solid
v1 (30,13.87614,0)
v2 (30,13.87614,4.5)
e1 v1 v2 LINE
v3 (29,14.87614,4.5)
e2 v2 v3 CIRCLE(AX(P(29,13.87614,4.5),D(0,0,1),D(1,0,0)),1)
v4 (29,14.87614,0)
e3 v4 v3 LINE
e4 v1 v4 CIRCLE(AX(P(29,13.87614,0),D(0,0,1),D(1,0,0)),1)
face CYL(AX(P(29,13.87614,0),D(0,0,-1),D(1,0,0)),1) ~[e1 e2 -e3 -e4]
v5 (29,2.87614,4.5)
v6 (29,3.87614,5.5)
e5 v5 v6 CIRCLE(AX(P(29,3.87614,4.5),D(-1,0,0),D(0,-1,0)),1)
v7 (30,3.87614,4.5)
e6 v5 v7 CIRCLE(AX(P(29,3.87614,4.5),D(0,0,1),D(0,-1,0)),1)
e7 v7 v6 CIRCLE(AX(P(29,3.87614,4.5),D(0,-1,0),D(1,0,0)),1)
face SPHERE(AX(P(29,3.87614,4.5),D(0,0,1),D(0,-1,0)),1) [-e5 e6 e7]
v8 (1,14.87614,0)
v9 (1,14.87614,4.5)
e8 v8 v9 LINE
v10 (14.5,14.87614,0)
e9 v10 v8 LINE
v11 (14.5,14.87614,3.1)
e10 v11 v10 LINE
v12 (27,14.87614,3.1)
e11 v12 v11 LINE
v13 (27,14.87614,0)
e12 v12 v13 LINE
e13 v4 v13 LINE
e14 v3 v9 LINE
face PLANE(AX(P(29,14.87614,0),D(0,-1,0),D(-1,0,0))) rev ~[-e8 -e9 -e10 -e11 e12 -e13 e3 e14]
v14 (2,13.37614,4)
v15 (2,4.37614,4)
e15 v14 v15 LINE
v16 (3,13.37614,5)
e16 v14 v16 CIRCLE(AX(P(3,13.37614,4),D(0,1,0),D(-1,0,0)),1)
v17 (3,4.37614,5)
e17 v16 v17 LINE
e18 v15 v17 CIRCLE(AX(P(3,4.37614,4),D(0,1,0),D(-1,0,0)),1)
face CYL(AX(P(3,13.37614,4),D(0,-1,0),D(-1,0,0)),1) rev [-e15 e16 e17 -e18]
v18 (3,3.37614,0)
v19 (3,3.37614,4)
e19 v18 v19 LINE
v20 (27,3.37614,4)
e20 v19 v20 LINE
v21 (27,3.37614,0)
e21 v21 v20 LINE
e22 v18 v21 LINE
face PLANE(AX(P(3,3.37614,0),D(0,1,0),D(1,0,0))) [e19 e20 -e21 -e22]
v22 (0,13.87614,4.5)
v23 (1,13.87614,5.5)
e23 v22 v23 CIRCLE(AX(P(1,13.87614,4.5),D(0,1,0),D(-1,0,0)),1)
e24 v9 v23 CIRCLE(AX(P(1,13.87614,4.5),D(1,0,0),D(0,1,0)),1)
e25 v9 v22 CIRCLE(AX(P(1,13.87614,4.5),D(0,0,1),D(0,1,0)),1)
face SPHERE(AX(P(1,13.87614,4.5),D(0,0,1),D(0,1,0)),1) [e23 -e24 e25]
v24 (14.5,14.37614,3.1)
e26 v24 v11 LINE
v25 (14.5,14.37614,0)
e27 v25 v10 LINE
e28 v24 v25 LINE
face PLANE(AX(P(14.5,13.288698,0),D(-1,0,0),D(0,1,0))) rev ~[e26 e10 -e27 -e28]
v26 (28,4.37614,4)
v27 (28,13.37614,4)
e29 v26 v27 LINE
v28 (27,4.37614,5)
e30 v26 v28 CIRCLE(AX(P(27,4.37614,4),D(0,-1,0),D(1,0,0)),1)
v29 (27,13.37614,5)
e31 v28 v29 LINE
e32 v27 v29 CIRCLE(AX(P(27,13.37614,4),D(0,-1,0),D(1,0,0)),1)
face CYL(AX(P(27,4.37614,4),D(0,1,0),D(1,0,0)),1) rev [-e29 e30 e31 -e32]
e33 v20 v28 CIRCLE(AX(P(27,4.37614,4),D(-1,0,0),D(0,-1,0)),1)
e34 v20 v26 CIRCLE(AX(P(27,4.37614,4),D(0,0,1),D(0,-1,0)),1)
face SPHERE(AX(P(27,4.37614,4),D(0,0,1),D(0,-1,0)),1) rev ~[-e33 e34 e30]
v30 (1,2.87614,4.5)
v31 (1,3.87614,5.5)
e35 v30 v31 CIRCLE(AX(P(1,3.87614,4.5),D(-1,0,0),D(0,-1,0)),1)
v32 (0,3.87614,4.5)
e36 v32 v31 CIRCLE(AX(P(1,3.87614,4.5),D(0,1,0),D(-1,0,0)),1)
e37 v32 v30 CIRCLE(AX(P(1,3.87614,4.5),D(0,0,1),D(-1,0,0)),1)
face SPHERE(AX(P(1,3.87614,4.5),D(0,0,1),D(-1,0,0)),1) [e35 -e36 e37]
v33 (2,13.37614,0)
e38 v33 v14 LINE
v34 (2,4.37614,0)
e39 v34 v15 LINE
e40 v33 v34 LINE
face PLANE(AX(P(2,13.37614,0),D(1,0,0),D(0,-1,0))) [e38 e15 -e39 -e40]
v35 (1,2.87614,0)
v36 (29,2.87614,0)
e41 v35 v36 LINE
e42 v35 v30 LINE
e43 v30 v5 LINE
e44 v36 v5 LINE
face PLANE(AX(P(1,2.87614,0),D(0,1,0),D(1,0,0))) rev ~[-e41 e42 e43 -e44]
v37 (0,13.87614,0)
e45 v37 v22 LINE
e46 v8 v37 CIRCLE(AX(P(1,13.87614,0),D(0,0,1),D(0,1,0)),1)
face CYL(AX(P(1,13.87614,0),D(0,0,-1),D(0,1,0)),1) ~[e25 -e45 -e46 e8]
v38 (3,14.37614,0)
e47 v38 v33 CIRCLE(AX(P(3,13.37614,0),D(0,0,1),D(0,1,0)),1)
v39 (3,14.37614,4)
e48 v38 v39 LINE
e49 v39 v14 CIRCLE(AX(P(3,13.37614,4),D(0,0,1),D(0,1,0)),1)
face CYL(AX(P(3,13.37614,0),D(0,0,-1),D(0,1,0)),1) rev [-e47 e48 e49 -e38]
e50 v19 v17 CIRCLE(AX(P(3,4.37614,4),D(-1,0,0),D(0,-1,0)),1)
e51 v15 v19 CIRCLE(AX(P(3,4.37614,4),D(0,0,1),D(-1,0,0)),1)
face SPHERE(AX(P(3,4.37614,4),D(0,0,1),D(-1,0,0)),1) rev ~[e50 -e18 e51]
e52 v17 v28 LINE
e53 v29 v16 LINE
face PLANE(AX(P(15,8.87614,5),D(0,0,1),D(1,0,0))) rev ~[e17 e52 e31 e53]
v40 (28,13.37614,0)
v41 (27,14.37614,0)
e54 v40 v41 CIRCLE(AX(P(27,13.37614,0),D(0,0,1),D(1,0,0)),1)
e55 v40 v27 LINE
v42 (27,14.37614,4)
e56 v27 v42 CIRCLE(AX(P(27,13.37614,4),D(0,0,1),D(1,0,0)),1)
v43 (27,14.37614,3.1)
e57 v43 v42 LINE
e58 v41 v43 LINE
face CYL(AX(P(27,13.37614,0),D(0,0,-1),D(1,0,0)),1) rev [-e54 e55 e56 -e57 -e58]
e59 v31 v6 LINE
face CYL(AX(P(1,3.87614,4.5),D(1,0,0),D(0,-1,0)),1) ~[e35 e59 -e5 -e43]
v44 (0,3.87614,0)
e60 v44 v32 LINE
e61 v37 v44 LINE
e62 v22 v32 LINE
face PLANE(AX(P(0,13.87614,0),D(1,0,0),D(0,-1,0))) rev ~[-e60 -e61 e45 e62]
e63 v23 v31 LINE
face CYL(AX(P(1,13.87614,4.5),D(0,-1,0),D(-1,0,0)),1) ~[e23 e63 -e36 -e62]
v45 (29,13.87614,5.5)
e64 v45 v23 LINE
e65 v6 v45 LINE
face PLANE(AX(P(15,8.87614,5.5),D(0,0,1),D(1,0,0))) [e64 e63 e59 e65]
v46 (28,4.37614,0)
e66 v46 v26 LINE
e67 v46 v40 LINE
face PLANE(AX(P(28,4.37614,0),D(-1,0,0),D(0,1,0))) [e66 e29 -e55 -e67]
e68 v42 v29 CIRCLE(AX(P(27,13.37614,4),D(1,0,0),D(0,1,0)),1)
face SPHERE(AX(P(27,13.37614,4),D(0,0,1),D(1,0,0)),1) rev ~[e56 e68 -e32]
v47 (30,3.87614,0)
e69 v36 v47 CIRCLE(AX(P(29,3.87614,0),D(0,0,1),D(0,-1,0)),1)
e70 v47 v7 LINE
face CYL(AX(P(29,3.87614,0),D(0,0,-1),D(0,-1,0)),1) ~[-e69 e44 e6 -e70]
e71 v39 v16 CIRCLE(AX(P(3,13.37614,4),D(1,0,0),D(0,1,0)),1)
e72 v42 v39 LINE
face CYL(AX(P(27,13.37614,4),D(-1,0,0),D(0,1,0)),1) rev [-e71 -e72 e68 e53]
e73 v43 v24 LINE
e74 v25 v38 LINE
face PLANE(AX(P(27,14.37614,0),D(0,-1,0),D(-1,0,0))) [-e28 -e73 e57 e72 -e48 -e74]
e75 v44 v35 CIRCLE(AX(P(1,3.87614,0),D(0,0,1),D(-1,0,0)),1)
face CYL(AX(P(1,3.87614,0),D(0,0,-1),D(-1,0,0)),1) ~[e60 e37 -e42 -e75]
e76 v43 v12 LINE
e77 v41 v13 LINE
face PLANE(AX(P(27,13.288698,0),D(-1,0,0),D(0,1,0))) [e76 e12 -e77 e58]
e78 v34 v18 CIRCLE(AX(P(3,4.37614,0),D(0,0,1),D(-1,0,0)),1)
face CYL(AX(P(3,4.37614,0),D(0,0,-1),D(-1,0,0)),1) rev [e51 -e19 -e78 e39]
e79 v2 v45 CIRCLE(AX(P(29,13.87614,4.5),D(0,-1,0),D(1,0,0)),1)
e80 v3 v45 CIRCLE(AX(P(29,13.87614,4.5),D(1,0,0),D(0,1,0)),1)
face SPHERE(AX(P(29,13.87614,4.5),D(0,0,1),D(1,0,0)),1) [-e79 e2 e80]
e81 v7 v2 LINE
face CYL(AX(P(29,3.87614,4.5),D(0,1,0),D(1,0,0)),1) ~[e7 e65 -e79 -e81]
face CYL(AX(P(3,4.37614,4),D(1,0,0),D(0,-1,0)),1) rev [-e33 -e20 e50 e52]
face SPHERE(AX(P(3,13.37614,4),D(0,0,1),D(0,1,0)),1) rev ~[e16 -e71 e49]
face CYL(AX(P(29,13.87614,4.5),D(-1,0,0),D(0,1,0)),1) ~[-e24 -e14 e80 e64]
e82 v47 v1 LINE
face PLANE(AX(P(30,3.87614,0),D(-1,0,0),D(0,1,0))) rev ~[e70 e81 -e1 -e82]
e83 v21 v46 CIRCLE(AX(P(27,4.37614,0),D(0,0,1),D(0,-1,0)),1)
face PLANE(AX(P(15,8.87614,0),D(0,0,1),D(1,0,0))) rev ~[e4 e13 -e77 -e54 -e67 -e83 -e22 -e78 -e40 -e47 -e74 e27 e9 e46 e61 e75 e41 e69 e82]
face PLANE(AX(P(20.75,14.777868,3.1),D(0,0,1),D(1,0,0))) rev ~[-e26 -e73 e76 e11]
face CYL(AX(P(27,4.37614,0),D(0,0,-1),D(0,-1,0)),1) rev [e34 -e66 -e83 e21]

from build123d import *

# Parameters (mm, degrees)
F1_DEPTH = 5.5
F2_R     = 1
F4_DEPTH = 5
F5_W     = 12.5
F5_H     = 2.9783394848
F6_DEPTH = 3.1
F7_R     = 1


with BuildPart() as f1:
    # F0 (on Top) → F1 (new body)
    with BuildSketch(Plane.XY):
        with BuildLine():
            ThreePointArc((0, 3.8761399509), (0.2928932188, 3.1690331698), (1, 2.8761399509))
            Line((1, 2.8761399509), (29, 2.8761399509))
            ThreePointArc((29, 2.8761399509), (29.7071067812, 3.1690331698), (30, 3.8761399509))
            Line((30, 3.8761399509), (30, 13.8761399509))
            ThreePointArc((30, 13.8761399509), (29.7071067812, 14.5832467321), (29, 14.8761399509))
            Line((29, 14.8761399509), (1, 14.8761399509))
            ThreePointArc((1, 14.8761399509), (0.2928932188, 14.5832467321), (0, 13.8761399509))
            Line((0, 13.8761399509), (0, 3.8761399509))
        make_face()
    extrude(amount=F1_DEPTH)

    # F2
    f2_edges = [f1.edges().sort_by_distance(p)[0] for p in [
        (0.292893, 3.169033, 5.5),
        (15, 2.87614, 5.5),
        (29.707107, 3.169033, 5.5),
        (30, 8.87614, 5.5),
        (29.707107, 14.583247, 5.5),
        (15, 14.87614, 5.5),
        (0.292893, 14.583247, 5.5),
        (0, 8.87614, 5.5),
    ]]
    fillet(f2_edges, radius=F2_R)

    # F3 (on Top) → F4 (cut)
    with BuildSketch(Plane.XY):
        with BuildLine():
            ThreePointArc((28, 13.3761399509), (27.7071067812, 14.0832467321), (27, 14.3761399509))
            Line((27, 14.3761399509), (3, 14.3761399509))
            ThreePointArc((3, 14.3761399509), (2.2928932188, 14.0832467321), (2, 13.3761399509))
            Line((2, 13.3761399509), (2, 4.3761399509))
            ThreePointArc((2, 4.3761399509), (2.2928932188, 3.6690331698), (3, 3.3761399509))
            Line((3, 3.3761399509), (14.5, 3.3761399509))
            Line((14.5, 3.3761399509), (27, 3.3761399509))
            ThreePointArc((27, 3.3761399509), (27.7071067812, 3.6690331698), (28, 4.3761399509))
            Line((28, 4.3761399509), (28, 13.3761399509))
        make_face()
    extrude(amount=F4_DEPTH, mode=Mode.SUBTRACT)

    # F5 (on Top) → F6 (cut)
    with BuildSketch(Plane.XY):
        with Locations((20.75, 14.7778680548)):
            Rectangle(F5_W, F5_H)
    extrude(amount=F6_DEPTH, mode=Mode.SUBTRACT)

    # F7
    f7_edges = [f1.edges().sort_by_distance(p)[0] for p in [
        (15, 3.37614, 5),
        (28, 8.87614, 5),
        (2.292893, 3.669033, 5),
        (2, 8.87614, 5),
        (15, 14.37614, 5),
        (2.292893, 14.083247, 5),
        (27.707107, 14.083247, 5),
        (27.707107, 3.669033, 5),
    ]]
    fillet(f7_edges, radius=F7_R)


solid = f1.part
